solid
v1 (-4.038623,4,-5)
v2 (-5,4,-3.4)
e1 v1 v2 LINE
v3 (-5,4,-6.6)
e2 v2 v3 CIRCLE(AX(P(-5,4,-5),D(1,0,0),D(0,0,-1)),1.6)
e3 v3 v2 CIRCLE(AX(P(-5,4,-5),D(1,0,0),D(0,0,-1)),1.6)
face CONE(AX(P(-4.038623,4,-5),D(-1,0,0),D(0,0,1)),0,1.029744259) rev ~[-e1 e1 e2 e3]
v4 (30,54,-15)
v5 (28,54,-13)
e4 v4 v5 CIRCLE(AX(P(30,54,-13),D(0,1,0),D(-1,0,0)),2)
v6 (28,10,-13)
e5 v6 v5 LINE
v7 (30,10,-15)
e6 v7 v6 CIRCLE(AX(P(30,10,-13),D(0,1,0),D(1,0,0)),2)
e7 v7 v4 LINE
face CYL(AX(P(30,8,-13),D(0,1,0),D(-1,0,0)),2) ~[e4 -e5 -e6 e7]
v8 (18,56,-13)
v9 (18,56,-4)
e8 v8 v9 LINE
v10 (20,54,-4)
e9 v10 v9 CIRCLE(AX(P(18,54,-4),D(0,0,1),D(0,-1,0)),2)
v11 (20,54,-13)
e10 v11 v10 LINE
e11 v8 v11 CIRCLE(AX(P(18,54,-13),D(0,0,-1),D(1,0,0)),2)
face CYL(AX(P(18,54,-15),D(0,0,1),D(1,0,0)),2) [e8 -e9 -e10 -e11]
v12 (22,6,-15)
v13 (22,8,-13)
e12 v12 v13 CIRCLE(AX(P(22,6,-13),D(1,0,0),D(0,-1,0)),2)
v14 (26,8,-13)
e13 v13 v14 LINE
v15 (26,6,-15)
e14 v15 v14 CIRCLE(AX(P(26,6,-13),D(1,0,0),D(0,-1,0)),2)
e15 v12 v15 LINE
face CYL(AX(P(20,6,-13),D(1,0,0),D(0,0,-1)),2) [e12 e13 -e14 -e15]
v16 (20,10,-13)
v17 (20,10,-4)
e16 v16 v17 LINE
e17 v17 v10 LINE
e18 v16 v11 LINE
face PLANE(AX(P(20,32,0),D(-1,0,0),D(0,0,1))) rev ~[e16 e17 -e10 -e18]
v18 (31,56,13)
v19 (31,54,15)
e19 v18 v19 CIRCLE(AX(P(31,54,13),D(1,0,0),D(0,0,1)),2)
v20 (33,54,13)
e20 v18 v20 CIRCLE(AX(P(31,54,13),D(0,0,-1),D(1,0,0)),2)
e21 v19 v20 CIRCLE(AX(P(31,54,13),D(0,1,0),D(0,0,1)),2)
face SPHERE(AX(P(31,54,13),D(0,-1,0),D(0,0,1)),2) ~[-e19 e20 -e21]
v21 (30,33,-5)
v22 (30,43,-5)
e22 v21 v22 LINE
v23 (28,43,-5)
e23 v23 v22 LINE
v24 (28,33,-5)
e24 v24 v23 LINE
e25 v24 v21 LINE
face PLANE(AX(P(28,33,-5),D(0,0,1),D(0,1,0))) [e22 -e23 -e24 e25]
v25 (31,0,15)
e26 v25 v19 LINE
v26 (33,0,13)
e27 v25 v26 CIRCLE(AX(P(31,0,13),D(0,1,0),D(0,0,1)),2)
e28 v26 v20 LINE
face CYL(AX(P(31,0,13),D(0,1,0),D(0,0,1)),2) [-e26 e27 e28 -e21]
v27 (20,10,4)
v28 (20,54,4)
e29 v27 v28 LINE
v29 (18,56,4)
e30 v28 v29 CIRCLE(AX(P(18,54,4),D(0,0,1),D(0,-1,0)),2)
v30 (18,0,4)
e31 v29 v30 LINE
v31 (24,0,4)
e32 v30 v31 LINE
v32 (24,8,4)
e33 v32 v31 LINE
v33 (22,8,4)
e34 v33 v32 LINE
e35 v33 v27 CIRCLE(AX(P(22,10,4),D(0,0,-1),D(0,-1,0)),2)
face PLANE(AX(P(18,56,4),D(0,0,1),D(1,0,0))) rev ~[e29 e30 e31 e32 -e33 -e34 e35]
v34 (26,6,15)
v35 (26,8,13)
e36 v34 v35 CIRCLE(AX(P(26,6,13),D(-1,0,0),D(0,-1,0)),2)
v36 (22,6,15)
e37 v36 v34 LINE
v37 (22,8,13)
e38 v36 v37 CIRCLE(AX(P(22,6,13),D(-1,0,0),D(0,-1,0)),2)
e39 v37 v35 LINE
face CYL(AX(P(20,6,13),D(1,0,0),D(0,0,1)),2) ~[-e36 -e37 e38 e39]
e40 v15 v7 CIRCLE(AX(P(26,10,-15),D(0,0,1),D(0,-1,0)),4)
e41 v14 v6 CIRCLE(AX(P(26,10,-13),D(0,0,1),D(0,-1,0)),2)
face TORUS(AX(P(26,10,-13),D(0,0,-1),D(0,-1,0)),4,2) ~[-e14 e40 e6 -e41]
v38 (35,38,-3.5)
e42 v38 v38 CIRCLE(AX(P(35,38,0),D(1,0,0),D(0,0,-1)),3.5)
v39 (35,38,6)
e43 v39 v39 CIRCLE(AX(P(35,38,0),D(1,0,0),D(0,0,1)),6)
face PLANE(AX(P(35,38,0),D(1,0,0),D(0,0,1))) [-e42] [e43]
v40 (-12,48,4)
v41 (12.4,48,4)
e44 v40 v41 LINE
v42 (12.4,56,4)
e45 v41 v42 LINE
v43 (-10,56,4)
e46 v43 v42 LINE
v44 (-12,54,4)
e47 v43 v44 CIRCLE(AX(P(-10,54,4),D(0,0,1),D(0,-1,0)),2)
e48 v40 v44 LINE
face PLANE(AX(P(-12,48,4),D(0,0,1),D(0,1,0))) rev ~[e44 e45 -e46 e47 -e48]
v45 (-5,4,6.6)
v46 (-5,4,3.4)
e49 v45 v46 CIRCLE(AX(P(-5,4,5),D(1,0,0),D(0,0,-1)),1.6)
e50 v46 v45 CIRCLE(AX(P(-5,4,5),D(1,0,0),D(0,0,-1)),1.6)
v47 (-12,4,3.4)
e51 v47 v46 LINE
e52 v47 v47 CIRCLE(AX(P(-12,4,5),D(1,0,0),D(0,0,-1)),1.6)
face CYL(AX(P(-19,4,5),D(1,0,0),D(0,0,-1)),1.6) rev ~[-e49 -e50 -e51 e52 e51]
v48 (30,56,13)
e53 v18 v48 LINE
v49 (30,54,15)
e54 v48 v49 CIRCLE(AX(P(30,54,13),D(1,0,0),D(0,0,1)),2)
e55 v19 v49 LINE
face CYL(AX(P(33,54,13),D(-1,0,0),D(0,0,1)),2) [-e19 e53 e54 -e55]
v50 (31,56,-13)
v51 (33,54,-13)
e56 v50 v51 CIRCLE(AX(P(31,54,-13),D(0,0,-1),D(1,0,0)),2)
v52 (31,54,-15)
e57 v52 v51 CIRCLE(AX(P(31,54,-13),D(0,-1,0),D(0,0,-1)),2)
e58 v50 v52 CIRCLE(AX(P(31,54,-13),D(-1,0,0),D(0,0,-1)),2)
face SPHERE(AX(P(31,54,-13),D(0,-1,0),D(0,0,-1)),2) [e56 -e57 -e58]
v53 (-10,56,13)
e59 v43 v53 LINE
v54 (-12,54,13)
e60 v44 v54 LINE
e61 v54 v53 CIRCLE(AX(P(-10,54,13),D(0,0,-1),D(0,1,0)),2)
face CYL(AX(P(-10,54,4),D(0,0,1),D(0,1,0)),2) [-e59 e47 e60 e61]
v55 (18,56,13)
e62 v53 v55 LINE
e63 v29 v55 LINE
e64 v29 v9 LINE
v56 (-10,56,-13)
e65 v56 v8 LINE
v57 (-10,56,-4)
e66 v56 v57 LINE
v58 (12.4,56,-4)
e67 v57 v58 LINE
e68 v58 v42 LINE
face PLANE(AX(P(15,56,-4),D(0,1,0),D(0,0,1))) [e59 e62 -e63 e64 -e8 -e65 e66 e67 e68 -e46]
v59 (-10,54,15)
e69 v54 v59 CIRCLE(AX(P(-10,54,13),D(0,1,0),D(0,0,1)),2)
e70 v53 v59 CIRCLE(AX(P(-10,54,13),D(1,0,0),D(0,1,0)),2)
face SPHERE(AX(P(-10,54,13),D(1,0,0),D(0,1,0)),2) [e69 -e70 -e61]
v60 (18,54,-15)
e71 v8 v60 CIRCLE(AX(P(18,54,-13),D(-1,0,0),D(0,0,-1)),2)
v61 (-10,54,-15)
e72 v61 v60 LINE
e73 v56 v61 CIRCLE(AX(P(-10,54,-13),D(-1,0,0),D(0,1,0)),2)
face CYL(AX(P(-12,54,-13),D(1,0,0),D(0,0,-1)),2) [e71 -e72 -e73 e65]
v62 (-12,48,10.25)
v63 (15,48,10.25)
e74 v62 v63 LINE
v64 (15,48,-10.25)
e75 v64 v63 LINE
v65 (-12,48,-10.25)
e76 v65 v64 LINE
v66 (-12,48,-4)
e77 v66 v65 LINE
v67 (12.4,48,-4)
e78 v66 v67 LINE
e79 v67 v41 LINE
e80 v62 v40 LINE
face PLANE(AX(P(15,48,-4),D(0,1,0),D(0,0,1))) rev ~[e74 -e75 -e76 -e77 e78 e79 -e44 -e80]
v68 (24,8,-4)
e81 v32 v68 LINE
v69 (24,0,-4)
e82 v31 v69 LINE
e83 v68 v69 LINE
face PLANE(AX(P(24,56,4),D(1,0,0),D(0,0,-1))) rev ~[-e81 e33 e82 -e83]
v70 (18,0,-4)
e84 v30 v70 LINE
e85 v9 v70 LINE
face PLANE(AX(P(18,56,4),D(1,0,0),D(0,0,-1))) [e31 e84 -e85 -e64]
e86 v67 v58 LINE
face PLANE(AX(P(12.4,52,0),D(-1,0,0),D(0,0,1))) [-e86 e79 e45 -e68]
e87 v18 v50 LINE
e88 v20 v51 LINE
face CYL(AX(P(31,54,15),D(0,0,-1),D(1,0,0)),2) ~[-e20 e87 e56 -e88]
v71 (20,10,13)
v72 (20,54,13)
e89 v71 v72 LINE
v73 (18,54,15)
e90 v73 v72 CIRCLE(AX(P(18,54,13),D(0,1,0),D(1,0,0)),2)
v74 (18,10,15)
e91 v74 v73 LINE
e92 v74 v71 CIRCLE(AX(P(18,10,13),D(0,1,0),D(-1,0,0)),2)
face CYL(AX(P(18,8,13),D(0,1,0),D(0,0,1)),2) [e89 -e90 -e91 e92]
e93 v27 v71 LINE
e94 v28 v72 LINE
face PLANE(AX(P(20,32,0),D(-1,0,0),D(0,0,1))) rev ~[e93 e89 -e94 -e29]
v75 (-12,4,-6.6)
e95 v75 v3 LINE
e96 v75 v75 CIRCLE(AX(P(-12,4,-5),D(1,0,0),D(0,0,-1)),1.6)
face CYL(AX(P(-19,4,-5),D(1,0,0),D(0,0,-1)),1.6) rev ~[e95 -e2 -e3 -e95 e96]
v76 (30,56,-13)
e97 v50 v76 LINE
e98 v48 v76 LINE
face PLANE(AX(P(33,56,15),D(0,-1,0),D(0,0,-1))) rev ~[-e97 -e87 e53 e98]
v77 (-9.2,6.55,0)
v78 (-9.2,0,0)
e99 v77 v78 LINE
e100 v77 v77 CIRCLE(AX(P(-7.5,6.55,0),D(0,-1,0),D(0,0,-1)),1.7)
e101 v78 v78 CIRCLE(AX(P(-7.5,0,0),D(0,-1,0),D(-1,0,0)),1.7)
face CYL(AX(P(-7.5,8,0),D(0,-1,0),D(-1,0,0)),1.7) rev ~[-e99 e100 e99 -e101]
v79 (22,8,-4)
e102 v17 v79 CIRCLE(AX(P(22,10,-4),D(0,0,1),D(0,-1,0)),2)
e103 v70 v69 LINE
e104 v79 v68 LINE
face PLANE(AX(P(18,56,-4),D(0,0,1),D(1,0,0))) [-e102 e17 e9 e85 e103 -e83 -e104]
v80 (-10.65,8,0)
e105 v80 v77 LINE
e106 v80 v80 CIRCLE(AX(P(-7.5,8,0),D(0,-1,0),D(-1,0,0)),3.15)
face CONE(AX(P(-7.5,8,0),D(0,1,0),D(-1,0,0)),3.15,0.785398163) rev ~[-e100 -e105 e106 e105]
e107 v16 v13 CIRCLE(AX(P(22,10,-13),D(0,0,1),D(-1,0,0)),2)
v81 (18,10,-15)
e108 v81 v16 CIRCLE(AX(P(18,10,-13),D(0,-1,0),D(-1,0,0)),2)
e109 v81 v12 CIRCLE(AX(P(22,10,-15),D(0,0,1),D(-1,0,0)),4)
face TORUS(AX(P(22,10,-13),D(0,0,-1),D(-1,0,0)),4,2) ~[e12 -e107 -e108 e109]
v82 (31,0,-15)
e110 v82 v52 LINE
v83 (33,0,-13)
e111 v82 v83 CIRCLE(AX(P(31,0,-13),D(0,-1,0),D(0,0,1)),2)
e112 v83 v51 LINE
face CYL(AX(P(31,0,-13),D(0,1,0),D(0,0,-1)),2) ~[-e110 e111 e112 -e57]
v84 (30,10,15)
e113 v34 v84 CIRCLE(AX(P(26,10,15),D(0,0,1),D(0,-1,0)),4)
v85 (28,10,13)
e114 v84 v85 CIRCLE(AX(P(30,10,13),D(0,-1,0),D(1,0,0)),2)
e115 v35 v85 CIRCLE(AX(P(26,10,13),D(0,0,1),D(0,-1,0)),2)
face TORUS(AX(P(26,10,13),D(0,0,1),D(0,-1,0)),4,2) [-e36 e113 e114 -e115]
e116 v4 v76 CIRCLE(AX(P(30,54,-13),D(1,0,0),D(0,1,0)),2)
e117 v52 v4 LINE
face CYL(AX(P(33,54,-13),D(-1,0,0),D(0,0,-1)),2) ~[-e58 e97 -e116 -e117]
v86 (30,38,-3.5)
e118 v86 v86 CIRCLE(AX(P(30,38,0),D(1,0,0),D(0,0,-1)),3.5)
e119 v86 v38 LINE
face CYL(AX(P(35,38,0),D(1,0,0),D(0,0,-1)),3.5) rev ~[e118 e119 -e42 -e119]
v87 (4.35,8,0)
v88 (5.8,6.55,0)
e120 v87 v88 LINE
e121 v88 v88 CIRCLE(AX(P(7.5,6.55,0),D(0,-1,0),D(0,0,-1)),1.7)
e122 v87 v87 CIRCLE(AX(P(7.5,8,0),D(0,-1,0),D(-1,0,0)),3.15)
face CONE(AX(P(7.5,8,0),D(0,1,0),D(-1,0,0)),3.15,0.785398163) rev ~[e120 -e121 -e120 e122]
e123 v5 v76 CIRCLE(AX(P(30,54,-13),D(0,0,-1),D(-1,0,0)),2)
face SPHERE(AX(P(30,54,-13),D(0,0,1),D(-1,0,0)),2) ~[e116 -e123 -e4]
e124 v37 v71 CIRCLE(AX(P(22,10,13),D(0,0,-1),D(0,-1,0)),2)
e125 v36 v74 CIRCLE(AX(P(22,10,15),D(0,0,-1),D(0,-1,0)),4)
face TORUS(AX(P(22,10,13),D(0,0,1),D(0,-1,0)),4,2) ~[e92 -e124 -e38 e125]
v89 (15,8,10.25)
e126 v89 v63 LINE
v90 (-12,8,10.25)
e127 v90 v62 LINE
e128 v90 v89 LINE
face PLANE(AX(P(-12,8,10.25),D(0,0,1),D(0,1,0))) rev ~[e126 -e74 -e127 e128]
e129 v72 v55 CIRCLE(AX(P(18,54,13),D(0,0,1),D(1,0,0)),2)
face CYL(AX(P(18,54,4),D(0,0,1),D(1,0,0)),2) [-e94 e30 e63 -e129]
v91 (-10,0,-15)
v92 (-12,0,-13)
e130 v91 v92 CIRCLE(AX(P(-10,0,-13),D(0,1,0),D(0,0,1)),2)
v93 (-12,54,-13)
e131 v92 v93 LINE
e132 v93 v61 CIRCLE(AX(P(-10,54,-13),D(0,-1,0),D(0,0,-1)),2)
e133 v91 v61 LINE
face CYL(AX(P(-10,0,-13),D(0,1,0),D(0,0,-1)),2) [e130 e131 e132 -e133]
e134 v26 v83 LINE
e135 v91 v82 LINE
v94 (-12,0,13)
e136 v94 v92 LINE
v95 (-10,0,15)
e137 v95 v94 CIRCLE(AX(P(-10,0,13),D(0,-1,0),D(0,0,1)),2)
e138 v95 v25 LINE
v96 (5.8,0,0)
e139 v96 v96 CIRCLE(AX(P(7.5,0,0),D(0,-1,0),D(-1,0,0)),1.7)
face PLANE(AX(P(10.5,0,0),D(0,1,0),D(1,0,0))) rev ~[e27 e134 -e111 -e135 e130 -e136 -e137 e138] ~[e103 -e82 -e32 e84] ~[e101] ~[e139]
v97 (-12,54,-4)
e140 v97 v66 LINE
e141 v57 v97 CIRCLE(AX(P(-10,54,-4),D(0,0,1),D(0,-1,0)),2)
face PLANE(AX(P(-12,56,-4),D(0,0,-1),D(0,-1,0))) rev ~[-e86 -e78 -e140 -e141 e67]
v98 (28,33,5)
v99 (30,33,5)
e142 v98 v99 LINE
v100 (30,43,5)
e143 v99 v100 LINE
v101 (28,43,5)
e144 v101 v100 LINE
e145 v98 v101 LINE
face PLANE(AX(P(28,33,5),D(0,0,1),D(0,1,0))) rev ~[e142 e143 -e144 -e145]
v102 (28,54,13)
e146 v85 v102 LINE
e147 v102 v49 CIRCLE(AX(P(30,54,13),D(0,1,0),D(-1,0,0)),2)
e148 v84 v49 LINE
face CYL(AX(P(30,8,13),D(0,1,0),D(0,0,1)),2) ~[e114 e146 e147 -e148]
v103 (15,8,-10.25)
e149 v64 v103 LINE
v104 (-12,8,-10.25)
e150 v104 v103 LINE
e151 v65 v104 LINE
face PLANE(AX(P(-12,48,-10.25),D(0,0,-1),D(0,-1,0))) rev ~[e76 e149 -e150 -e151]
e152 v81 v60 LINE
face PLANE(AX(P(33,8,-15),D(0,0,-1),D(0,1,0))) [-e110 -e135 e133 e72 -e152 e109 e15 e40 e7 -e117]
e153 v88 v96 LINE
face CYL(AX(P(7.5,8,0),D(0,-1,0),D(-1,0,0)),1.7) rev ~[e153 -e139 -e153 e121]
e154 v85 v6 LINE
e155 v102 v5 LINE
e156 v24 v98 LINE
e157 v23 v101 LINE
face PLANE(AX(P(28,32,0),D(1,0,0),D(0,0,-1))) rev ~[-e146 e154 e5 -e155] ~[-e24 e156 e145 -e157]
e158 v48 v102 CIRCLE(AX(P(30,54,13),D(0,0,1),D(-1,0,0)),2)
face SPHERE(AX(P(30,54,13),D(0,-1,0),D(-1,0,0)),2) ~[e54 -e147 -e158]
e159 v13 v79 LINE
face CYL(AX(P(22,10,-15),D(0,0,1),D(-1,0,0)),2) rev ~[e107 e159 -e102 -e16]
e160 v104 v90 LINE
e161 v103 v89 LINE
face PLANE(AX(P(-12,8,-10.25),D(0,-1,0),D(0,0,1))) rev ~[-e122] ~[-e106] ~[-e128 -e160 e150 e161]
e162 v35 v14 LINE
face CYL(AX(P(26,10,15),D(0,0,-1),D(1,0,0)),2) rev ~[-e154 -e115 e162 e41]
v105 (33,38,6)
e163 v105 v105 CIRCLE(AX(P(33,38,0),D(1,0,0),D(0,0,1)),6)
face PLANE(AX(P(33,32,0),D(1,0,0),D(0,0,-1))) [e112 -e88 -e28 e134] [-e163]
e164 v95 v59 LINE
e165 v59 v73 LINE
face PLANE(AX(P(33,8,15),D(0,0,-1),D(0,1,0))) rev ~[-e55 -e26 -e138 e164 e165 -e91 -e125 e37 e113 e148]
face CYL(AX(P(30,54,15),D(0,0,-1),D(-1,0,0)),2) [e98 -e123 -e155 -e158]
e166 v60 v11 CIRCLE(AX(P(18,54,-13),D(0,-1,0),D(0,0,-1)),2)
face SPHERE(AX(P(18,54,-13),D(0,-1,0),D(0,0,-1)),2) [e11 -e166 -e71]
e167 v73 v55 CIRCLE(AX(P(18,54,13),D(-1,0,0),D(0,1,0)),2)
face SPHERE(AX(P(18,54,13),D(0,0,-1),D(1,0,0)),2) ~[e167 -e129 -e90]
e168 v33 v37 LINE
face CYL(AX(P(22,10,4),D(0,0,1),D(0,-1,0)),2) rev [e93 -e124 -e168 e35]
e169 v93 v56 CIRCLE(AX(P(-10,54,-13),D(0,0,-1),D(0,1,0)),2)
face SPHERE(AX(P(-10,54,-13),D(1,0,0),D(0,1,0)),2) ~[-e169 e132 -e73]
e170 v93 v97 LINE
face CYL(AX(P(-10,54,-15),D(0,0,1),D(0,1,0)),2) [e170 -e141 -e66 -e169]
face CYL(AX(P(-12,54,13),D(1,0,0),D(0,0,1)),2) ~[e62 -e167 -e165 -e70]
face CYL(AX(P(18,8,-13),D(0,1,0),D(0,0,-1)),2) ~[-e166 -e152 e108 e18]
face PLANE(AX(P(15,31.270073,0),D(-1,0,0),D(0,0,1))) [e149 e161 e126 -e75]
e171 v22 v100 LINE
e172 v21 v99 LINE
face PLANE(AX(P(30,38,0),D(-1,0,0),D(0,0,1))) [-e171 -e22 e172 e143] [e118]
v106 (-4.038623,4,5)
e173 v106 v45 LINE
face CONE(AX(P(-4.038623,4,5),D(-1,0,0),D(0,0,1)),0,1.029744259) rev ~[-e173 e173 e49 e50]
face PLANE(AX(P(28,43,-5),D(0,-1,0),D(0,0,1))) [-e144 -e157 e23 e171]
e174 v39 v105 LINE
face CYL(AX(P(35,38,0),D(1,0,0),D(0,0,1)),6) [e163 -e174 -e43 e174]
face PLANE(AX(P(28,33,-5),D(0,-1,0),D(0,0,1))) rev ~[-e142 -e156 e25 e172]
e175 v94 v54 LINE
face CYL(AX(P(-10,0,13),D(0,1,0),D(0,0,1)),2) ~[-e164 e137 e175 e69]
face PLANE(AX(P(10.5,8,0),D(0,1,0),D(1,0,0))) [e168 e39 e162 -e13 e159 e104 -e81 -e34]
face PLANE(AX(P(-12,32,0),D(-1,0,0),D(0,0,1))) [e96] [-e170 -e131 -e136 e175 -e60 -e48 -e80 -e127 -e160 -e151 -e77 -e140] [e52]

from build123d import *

# Parameters (mm, degrees)
ESQUISSE1_W                                    = 45
ESQUISSE1_H                                    = 30
BOSS_EXTRU_1_DEPTH                             = 8
ESQUISSE5_W                                    = 30
ESQUISSE5_H                                    = 48
BOSS_EXTRU_3_DEPTH                             = 32
ENL_V_MAT_EXTRU_1_DEPTH                        = 27
ESQUISSE14_W                                   = 6
ESQUISSE14_H                                   = 8
ENL_V_MAT_EXTRU_2_DEPTH                        = 67.708320321
D_GAGEMENT_M31_D                               = 3.2
D_GAGEMENT_M31_DEPTH                           = 7
D_GAGEMENT_M31_TIP                             = 0.96137699
ESQUISSE16_W                                   = 30
ESQUISSE16_H                                   = 48
ESQUISSE16_R                                   = 3.5
BOSS_EXTRU_4_DEPTH                             = 5
CONG_1_R                                       = 2
ESQUISSE17_W                                   = 10
ESQUISSE17_H                                   = 10
ENL_V_MAT_EXTRU_3_DEPTH                        = 2
BOSS_EXTRU_5_START                             = 2
ESQUISSE18_R                                   = 6
ESQUISSE18_R_2                                 = 3.5
BOSS_EXTRU_5_DEPTH                             = 2
FRAISAGE_POUR_VIS_T_TE_FRAIS_E_M31_D           = 3.4
FRAISAGE_POUR_VIS_T_TE_FRAIS_E_M31_CSINK_D     = 6.3
FRAISAGE_POUR_VIS_T_TE_FRAIS_E_M31_CSINK_ANGLE = 90
ESQUISSE24_W                                   = 8
ESQUISSE24_H                                   = 8
BOSS_EXTRU_6_DEPTH                             = 2.6


with BuildPart() as part:
    # Esquisse1 → Boss.-Extru.1 (new body)
    with BuildSketch(Plane(origin=(0, 0, 0), x_dir=(1, 0, 0), z_dir=(0, 1, 0))):
        with Locations((10.5, 0)):
            Rectangle(ESQUISSE1_W, ESQUISSE1_H)
    extrude(amount=BOSS_EXTRU_1_DEPTH)

    # Esquisse5 → Boss.-Extru.3 (add)
    with BuildSketch(Plane.ZY.offset(12)):
        with Locations((0, 32)):
            Rectangle(ESQUISSE5_W, ESQUISSE5_H)
    extrude(amount=-BOSS_EXTRU_3_DEPTH)

    # Esquisse6 → Enlèv. mat.-Extru.1 (cut)
    with BuildSketch(Plane.ZY.offset(12)):
        Polygon((10.25, 48), (4, 48), (4, 56), (-4, 56), (-4, 48), (-10.25, 48), (-10.25, 8), (10.25, 8), align=None)
    extrude(amount=-ENL_V_MAT_EXTRU_1_DEPTH, mode=Mode.SUBTRACT)

    # Esquisse14 → Enlèv. mat.-Extru.2 (cut, through all)
    with BuildSketch(Plane(origin=(0, 56, 0), x_dir=(1, 0, 0), z_dir=(0, 1, 0))):
        with Locations((21, 0)):
            Rectangle(ESQUISSE14_W, ESQUISSE14_H)
    extrude(amount=-ENL_V_MAT_EXTRU_2_DEPTH, mode=Mode.SUBTRACT)

    # Dégagement M31
    with Locations(Plane.ZY.offset(12)):
        with Locations((5, 4), (-5, 4)):
            Hole(D_GAGEMENT_M31_D / 2, depth=D_GAGEMENT_M31_DEPTH)
            with Locations((0, 0, -(D_GAGEMENT_M31_DEPTH + D_GAGEMENT_M31_TIP / 2))):  # 118° drill point
                Cone(0, D_GAGEMENT_M31_D / 2, D_GAGEMENT_M31_TIP, mode=Mode.SUBTRACT)

    # Esquisse16 → Boss.-Extru.4 (add)
    with BuildSketch(Plane(origin=(33, 0, 0), x_dir=(0, 0, -1), z_dir=(1, 0, 0))):
        with Locations((0, 32)):
            Rectangle(ESQUISSE16_W, ESQUISSE16_H)
        with Locations((0, 38)):
            Circle(ESQUISSE16_R, mode=Mode.SUBTRACT)
    extrude(amount=-BOSS_EXTRU_4_DEPTH)

    # Congé1
    cong_1_edges = [part.edges().sort_by_distance(p)[0] for p in [
        (24, 8, -15),
        (24, 8, 15),
        (33, 28, 15),
        (33, 28, -15),
        (-12, 28, 15),
        (-12, 28, -15),
        (-12, 56, -9.5),
        (-12, 56, 9.5),
        (20, 8, -9.5),
        (20, 8, 9.5),
        (4, 56, -15),
        (20, 32, -15),
        (4, 56, 15),
        (20, 32, 15),
        (20, 56, -9.5),
        (20, 56, 9.5),
        (30.5, 56, 15),
        (28, 56, 0),
        (30.5, 56, -15),
        (33, 56, 0),
        (28, 8, 0),
        (28, 32, -15),
        (28, 32, 15),
    ]]
    fillet(cong_1_edges, radius=CONG_1_R)

    # Esquisse17 → Enlèv. mat.-Extru.3 (cut)
    with BuildSketch(Plane.ZY.offset(-28)):
        with Locations((0, 38)):
            Rectangle(ESQUISSE17_W, ESQUISSE17_H)
    extrude(amount=-ENL_V_MAT_EXTRU_3_DEPTH, mode=Mode.SUBTRACT)

    # Esquisse18 → Boss.-Extru.5 (add)
    with BuildSketch(Plane(origin=(33, 0, 0), x_dir=(0, 0, -1), z_dir=(1, 0, 0)).offset(BOSS_EXTRU_5_START)):
        with Locations((0, 38)):
            Circle(ESQUISSE18_R)
        with Locations((0, 38)):
            Circle(ESQUISSE18_R_2, mode=Mode.SUBTRACT)
    extrude(amount=-BOSS_EXTRU_5_DEPTH)

    # Fraisage pour vis à tête fraisée M31 (through all)
    with Locations(Plane(origin=(0, 8, 0), x_dir=(1, 0, 0), z_dir=(0, 1, 0))):
        with Locations((-7.5, 0), (7.5, 0)):
            CounterSinkHole(FRAISAGE_POUR_VIS_T_TE_FRAIS_E_M31_D / 2, FRAISAGE_POUR_VIS_T_TE_FRAIS_E_M31_CSINK_D / 2, counter_sink_angle=FRAISAGE_POUR_VIS_T_TE_FRAIS_E_M31_CSINK_ANGLE)

    # Esquisse24 → Boss.-Extru.6 (add)
    with BuildSketch(Plane.ZY.offset(-15)):
        with Locations((0, 52)):
            Rectangle(ESQUISSE24_W, ESQUISSE24_H)
    extrude(amount=BOSS_EXTRU_6_DEPTH)


solid = part.part
